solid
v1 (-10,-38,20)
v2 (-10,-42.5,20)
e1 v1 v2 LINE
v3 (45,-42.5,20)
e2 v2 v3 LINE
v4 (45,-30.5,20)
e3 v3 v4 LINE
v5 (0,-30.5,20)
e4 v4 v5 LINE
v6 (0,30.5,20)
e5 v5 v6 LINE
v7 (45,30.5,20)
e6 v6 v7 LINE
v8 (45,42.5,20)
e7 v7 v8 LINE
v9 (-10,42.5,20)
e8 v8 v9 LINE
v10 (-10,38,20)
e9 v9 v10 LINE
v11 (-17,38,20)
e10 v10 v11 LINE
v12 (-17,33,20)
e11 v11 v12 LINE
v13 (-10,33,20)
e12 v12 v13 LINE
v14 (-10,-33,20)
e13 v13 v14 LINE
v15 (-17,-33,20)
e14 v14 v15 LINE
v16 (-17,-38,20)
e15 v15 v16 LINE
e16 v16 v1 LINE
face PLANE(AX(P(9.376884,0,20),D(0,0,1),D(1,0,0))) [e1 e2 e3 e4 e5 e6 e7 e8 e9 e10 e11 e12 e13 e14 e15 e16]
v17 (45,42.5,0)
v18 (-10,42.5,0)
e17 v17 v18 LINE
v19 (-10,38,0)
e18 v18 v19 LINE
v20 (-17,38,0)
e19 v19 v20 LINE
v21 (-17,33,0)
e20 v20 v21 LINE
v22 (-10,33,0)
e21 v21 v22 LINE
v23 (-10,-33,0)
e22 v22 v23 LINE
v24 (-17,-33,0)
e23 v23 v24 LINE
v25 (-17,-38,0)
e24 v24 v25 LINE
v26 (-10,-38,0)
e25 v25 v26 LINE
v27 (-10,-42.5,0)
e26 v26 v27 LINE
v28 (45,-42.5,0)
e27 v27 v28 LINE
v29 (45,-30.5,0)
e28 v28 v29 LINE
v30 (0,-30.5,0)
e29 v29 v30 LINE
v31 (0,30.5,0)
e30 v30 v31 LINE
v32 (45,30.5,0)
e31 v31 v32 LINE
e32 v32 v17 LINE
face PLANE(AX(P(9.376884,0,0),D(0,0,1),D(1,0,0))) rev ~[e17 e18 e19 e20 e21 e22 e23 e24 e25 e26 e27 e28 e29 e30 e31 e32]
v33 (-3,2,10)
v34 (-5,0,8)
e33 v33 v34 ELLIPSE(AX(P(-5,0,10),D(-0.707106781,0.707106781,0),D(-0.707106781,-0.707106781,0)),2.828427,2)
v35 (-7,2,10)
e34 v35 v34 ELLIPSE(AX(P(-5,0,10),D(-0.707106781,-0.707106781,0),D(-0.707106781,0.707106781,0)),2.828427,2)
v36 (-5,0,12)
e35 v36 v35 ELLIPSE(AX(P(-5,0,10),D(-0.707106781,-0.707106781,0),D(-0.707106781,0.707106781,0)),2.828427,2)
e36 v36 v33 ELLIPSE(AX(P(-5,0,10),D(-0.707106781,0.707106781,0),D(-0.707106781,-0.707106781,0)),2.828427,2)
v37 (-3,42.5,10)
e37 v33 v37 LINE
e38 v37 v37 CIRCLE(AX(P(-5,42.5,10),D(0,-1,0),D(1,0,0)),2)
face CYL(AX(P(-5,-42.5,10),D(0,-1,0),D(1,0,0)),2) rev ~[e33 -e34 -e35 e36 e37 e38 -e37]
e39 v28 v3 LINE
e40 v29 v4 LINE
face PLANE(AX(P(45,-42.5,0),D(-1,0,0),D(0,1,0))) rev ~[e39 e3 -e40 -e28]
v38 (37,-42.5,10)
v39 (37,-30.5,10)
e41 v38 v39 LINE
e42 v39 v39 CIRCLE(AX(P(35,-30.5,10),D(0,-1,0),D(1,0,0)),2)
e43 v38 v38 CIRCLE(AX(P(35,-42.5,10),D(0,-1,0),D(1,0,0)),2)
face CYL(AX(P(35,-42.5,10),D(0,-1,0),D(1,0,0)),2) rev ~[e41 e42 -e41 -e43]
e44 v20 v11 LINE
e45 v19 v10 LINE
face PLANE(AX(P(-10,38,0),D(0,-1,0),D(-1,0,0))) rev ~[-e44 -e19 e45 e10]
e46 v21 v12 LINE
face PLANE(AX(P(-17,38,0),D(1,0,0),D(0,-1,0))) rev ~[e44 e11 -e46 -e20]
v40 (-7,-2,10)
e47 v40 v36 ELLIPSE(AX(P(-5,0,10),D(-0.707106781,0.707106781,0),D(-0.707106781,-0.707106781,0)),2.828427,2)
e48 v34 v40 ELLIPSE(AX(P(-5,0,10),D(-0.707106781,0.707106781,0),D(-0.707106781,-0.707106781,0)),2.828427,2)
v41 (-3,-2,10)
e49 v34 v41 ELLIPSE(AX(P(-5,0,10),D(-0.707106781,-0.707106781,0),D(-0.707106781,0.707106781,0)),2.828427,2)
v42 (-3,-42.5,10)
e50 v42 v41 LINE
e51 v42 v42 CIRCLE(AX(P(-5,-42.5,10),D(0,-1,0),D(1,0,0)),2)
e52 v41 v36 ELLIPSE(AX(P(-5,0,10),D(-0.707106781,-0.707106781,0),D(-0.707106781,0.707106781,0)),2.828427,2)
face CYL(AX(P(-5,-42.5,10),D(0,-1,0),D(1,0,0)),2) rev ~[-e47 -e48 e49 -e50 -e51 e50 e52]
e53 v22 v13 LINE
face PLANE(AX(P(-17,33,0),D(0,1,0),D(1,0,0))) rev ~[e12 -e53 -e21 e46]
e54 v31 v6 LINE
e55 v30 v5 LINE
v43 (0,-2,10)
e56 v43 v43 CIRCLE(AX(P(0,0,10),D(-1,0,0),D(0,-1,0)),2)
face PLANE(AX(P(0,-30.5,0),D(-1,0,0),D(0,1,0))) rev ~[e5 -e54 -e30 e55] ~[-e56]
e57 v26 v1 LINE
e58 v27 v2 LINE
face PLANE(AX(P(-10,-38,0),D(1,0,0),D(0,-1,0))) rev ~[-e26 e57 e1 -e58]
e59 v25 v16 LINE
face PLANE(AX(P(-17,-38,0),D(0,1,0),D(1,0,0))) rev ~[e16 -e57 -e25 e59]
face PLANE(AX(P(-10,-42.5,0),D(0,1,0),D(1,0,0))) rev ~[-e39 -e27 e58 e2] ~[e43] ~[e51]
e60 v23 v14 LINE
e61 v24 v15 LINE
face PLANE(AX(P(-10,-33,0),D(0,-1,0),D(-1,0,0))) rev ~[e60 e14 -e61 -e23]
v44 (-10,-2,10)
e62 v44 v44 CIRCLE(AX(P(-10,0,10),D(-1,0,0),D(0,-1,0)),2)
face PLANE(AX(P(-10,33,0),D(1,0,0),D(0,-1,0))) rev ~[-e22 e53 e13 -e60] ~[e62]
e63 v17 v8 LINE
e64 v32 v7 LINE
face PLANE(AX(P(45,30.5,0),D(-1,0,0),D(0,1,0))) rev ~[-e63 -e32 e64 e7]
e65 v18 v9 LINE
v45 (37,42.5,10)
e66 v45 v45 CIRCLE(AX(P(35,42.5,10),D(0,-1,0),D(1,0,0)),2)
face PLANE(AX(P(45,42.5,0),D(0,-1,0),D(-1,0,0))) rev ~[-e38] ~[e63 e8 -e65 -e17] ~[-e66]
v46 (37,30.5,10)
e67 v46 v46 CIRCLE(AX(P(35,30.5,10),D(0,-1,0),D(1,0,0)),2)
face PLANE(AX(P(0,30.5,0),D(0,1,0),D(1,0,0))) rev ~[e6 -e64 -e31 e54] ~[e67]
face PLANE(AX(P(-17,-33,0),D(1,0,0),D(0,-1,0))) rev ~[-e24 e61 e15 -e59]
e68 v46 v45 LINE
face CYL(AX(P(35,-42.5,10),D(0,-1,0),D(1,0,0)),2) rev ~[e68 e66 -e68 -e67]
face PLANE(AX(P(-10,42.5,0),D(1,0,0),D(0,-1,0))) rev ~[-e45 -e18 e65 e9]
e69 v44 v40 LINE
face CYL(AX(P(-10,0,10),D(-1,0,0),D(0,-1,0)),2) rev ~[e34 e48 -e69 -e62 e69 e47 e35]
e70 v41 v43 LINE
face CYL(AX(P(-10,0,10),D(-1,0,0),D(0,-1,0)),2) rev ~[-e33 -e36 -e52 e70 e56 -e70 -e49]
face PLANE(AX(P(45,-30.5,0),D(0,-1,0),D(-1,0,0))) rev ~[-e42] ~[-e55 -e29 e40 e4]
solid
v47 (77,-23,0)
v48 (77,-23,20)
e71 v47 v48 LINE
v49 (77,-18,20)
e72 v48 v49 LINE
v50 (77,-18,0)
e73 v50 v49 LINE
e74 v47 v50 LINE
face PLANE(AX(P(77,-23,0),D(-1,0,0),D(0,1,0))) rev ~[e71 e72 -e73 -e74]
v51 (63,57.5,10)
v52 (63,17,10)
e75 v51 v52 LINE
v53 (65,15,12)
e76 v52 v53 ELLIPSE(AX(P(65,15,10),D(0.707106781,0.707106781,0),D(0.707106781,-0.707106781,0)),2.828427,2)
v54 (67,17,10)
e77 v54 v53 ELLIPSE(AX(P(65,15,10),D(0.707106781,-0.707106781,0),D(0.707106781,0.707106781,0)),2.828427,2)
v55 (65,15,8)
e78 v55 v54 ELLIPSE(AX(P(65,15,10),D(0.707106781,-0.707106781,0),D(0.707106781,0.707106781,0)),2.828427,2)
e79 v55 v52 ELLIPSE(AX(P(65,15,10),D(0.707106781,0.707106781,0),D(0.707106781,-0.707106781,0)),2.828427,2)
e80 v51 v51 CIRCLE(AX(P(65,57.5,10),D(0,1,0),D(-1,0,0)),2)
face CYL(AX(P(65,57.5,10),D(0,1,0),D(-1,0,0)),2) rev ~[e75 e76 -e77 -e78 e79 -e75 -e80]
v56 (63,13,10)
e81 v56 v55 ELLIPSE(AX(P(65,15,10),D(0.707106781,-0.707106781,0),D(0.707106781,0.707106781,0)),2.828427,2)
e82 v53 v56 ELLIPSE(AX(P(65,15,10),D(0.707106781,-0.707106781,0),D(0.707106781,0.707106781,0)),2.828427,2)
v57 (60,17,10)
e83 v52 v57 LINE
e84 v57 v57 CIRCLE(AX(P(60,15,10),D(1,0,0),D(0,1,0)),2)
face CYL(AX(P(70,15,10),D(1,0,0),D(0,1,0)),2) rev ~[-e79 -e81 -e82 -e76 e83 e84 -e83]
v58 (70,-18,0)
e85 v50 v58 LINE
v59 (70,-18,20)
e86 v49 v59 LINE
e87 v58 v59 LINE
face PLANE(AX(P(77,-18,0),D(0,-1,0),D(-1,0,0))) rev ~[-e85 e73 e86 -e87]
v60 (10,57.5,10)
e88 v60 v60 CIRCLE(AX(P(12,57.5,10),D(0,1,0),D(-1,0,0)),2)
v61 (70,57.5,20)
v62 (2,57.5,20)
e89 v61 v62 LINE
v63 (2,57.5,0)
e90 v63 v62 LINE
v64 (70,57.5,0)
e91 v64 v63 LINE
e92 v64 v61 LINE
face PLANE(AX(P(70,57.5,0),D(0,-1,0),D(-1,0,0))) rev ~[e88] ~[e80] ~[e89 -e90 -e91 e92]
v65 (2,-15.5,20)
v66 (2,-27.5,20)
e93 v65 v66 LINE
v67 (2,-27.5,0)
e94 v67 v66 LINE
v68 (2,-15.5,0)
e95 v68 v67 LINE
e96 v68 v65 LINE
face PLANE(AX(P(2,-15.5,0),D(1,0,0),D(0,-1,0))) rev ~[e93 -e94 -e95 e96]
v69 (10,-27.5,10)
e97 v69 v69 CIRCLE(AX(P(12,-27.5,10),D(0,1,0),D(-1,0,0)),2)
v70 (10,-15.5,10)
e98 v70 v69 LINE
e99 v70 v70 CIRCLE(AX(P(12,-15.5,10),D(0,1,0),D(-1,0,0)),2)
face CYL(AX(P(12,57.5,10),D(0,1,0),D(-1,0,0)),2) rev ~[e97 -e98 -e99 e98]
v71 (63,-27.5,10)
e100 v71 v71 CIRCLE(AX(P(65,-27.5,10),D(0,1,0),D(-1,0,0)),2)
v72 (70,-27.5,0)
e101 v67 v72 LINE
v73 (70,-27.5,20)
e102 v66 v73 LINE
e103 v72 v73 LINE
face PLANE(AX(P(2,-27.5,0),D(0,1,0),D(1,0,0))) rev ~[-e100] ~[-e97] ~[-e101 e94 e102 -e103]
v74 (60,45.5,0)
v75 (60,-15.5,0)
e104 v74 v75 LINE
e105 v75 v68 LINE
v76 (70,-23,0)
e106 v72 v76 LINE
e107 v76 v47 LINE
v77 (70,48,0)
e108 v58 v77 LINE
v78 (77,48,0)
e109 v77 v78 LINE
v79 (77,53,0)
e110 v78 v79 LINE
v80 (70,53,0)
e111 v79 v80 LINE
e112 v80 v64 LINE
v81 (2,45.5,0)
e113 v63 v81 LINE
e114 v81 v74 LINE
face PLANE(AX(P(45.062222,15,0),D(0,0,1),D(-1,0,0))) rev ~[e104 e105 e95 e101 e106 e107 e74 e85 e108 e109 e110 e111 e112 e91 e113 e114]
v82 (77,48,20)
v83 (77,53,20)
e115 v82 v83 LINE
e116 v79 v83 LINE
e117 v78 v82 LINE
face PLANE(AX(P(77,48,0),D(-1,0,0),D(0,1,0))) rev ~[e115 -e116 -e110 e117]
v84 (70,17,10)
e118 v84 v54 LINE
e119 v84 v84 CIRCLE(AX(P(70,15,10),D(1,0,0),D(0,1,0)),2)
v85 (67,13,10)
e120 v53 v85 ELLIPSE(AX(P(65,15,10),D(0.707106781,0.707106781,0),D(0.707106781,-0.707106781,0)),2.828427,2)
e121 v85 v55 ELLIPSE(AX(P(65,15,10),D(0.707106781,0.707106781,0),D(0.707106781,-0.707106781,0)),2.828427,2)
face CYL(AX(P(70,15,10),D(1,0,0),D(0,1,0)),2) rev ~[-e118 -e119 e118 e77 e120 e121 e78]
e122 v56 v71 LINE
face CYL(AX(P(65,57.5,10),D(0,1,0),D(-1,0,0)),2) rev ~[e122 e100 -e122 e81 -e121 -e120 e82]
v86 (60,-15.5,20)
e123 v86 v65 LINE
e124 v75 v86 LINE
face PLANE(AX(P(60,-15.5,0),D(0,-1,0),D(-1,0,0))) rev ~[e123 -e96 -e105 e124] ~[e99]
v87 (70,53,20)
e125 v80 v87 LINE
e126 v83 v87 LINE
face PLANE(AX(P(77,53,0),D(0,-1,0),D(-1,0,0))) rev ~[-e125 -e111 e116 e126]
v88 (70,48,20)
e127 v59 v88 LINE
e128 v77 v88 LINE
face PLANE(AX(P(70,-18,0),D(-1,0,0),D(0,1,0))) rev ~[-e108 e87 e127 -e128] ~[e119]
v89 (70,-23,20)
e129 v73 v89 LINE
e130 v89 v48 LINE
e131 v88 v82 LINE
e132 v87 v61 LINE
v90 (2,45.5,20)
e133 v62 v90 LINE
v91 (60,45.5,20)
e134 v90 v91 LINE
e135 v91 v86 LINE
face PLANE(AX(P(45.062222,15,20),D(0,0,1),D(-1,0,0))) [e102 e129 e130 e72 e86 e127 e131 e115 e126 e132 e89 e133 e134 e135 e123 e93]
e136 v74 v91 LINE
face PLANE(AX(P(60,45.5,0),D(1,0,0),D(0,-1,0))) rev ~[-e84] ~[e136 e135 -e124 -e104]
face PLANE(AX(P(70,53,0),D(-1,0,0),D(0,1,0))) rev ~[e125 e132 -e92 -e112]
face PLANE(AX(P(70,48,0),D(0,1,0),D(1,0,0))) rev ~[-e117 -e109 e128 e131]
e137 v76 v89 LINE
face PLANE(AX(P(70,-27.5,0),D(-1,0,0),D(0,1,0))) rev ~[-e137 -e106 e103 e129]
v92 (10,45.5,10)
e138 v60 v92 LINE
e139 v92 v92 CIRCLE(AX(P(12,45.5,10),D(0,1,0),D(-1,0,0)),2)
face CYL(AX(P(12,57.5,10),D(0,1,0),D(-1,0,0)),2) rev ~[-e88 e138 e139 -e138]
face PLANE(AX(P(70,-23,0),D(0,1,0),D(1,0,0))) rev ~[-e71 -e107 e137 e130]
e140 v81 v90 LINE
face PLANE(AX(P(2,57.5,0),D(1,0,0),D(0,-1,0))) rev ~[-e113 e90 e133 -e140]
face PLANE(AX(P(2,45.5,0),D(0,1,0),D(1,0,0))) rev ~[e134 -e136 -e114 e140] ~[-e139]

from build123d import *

# Parameters (mm, degrees)
PAD_DEPTH       = 20
SKETCH004_R     = 2
POCKET002_DEPTH = 55.001
SKETCH005_R     = 2
POCKET003_DEPTH = 85.001
PAD001_DEPTH    = 20
SKETCH007_R     = 2
POCKET004_DEPTH = 68.001
SKETCH008_R     = 2
POCKET005_DEPTH = 85.001


with BuildPart() as soporte_agujero_superior_lateral:
    # Sketch → Pad (new body)
    with BuildSketch(Plane.XY):
        Polygon((-10, -42.5), (45, -42.5), (45, -30.5), (0, -30.5), (0, 30.5), (45, 30.5), (45, 42.5), (-10, 42.5), (-10, 38), (-17, 38), (-17, 33), (-10, 33), (-10, -33), (-17, -33), (-17, -38), (-10, -38), align=None)
    extrude(amount=PAD_DEPTH)

    # Sketch004 → Pocket002 (cut, through all)
    with BuildSketch(Plane(origin=(-10, 0, 0), x_dir=(0, -1, 0), z_dir=(-1, 0, 0))):
        with Locations((0, 10)):
            Circle(SKETCH004_R)
    extrude(amount=-POCKET002_DEPTH, mode=Mode.SUBTRACT)

    # Sketch005 → Pocket003 (cut, through all)
    with BuildSketch(Plane.XZ.offset(42.5)):
        with Locations((-5, 10)):
            Circle(SKETCH005_R)
        with Locations((35, 10)):
            Circle(SKETCH005_R)
    extrude(amount=-POCKET003_DEPTH, mode=Mode.SUBTRACT)


with BuildPart() as soporte_agujero_superior_lateral001:
    # Sketch006 → Pad001 (new body)
    with BuildSketch(Plane(origin=(60, 15, 0), x_dir=(-1, 0, 0), z_dir=(0, 0, 1))):
        Polygon((-10, -42.5), (58, -42.5), (58, -30.5), (0, -30.5), (0, 30.5), (58, 30.5), (58, 42.5), (-10, 42.5), (-10, 38), (-17, 38), (-17, 33), (-10, 33), (-10, -33), (-17, -33), (-17, -38), (-10, -38), align=None)
    extrude(amount=PAD001_DEPTH)

    # Sketch007 → Pocket004 (cut, through all)
    with BuildSketch(Plane(origin=(70, 15, 0), x_dir=(0, 1, 0), z_dir=(1, 0, 0))):
        with Locations((0, 10)):
            Circle(SKETCH007_R)
    extrude(amount=-POCKET004_DEPTH, mode=Mode.SUBTRACT)

    # Sketch008 → Pocket005 (cut, through all)
    with BuildSketch(Plane(origin=(60, 57.5, 0), x_dir=(-1, 0, 0), z_dir=(0, 1, 0))):
        with Locations((-5, 10)):
            Circle(SKETCH008_R)
        with Locations((48, 10)):
            Circle(SKETCH008_R)
    extrude(amount=-POCKET005_DEPTH, mode=Mode.SUBTRACT)


solid = Compound([soporte_agujero_superior_lateral.part, soporte_agujero_superior_lateral001.part])
